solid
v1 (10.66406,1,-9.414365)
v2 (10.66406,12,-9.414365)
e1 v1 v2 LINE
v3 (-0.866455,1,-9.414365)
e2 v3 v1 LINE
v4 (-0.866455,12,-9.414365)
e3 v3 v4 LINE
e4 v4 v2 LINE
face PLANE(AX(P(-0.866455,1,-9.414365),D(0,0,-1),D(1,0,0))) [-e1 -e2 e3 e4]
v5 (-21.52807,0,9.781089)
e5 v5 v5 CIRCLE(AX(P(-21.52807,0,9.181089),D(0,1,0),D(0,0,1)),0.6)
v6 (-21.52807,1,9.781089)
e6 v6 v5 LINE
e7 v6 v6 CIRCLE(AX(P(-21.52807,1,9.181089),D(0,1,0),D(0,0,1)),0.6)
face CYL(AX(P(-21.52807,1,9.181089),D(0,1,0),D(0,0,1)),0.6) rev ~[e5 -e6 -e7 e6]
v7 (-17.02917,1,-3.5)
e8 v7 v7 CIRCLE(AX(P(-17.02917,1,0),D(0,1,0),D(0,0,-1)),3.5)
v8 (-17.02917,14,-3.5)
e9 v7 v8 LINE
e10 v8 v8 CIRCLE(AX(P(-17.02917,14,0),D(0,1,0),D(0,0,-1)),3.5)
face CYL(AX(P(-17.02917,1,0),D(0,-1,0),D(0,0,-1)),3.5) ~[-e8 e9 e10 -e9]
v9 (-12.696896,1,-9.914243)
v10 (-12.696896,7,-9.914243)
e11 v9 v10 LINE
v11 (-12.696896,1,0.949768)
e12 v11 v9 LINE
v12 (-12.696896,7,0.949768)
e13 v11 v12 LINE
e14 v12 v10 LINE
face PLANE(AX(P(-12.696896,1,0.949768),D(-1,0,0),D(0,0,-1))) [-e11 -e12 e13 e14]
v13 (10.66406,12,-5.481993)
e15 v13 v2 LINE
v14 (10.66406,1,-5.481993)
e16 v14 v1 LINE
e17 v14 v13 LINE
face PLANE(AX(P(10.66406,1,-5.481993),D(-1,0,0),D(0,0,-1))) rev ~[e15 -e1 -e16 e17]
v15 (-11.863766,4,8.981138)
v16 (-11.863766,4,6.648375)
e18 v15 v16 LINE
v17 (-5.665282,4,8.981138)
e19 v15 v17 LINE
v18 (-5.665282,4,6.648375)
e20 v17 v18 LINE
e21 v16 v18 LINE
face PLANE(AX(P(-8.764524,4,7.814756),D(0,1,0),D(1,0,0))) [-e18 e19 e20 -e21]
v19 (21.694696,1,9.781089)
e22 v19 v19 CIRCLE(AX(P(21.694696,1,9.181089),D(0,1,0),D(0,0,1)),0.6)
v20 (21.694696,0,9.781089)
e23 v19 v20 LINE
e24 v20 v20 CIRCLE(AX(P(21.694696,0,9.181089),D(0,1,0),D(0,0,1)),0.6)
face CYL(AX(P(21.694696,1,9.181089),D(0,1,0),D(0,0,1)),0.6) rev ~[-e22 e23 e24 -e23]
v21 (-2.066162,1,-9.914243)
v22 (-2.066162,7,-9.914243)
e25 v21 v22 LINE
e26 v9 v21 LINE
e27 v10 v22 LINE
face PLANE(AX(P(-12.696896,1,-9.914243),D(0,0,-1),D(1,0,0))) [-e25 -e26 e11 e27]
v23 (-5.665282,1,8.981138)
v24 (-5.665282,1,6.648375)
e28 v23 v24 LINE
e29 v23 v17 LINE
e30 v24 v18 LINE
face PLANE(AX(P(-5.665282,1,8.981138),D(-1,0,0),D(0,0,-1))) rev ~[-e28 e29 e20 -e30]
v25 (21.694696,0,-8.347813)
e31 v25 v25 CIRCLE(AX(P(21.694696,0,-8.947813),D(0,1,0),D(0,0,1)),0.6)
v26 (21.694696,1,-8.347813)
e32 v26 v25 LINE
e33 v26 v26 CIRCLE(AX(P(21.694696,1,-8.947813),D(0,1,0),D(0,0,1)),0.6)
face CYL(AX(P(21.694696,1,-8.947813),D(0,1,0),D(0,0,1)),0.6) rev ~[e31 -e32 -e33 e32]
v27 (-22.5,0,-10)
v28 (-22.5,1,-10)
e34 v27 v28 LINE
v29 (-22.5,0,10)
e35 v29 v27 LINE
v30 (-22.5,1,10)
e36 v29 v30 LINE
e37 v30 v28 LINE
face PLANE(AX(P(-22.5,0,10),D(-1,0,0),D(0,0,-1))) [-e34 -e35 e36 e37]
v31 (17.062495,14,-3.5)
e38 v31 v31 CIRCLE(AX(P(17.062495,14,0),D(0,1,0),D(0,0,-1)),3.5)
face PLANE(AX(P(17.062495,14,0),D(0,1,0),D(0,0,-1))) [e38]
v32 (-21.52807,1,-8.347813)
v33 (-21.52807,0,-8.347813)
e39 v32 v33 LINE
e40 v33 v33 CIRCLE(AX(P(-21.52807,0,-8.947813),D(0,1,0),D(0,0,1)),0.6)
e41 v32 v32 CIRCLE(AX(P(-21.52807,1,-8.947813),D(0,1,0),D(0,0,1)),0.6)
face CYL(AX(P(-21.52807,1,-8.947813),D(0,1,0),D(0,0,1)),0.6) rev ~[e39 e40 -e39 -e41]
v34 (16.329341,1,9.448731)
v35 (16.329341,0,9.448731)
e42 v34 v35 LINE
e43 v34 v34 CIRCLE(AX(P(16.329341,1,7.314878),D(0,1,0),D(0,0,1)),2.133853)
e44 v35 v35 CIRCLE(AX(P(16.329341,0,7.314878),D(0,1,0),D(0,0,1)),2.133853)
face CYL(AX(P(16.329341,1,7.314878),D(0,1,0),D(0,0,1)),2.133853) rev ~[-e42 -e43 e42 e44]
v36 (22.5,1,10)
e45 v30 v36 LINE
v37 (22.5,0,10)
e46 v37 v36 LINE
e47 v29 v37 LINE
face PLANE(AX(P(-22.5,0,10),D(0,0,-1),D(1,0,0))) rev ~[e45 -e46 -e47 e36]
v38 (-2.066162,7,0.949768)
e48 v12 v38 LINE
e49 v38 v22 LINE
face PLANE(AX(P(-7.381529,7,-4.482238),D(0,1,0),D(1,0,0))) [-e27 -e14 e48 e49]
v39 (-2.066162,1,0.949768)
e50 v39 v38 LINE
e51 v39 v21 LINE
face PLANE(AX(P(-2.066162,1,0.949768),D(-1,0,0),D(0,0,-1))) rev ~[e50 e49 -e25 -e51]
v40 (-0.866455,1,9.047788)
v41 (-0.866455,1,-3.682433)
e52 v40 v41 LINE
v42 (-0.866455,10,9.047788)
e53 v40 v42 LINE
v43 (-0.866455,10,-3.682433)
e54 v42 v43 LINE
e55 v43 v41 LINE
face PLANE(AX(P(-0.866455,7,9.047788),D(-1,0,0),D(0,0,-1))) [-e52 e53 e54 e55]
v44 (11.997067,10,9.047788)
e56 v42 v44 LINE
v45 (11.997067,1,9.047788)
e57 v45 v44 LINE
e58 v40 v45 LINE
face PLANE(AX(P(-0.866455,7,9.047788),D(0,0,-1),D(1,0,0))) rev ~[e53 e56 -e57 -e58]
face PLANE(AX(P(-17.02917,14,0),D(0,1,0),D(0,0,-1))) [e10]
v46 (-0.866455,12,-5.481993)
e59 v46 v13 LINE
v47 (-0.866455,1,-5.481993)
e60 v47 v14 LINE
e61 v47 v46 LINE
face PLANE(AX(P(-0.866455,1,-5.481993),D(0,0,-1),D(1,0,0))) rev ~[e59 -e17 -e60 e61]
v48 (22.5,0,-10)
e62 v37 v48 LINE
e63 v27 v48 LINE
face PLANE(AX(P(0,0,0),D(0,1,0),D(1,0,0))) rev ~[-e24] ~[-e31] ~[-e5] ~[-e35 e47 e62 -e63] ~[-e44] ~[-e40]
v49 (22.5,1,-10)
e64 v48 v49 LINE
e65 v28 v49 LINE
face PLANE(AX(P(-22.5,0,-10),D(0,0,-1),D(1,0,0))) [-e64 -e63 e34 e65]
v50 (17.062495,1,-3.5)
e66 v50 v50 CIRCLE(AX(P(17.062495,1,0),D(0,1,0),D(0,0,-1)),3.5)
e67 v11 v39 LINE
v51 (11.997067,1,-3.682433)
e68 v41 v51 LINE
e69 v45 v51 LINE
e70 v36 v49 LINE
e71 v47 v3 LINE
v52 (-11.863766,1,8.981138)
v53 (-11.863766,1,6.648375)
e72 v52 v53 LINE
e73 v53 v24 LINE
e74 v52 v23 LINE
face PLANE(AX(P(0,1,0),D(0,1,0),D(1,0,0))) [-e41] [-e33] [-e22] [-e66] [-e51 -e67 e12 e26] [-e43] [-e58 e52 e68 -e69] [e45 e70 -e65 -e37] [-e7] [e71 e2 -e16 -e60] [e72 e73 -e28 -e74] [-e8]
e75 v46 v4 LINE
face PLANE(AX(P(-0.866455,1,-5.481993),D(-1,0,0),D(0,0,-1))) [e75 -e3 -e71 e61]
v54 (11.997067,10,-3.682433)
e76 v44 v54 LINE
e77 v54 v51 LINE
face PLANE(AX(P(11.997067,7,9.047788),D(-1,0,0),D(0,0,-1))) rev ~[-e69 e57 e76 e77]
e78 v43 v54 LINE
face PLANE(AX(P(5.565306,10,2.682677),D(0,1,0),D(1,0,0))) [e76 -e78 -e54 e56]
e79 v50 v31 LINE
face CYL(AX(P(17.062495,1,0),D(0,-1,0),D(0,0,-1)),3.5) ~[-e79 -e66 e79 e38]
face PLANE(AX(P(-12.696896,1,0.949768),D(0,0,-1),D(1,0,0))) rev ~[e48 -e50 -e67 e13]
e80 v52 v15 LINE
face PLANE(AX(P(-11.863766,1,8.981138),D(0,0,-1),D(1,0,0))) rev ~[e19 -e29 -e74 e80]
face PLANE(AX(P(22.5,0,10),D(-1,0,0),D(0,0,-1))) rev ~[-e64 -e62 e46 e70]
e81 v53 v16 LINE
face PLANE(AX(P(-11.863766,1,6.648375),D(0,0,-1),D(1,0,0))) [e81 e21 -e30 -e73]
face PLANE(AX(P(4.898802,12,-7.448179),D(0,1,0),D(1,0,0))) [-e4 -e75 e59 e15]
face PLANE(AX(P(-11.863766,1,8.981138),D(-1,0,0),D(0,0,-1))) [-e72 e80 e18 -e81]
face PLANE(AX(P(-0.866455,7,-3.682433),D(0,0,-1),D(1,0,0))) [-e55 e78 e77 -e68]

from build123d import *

# Parameters (mm, degrees)
SKETCH1_W           = 45
SKETCH1_H           = 20
BOSS_EXTRUDE1_DEPTH = 1
SKETCH2_R           = 3.5
BOSS_EXTRUDE3_DEPTH = 13
SKETCH3_W           = 11.530514465
SKETCH3_H           = 3.932371985
BOSS_EXTRUDE4_DEPTH = 11
SKETCH4_W           = 10.630734434
SKETCH4_H           = 10.864010739
SKETCH4_W_2         = 12.863521917
SKETCH4_H_2         = 12.730221172
BOSS_EXTRUDE5_DEPTH = 6
SKETCH5_W           = 12.863521917
SKETCH5_H           = 12.730221172
BOSS_EXTRUDE6_DEPTH = 3
SKETCH6_W           = 6.198484655
SKETCH6_H           = 2.332763042
BOSS_EXTRUDE7_DEPTH = 3
SKETCH7_R           = 0.6
SKETCH7_R_2         = 2.133853082
CUT_EXTRUDE1_DEPTH  = 28.843311585


with BuildPart() as part:
    # Sketch1 → Boss-Extrude1 (new body)
    with BuildSketch(Plane(origin=(0, 0, 0), x_dir=(1, 0, 0), z_dir=(0, 1, 0))):
        Rectangle(SKETCH1_W, SKETCH1_H)
    extrude(amount=BOSS_EXTRUDE1_DEPTH)

    # Sketch2 → Boss-Extrude3 (add)
    with BuildSketch(Plane(origin=(0, 1, 0), x_dir=(1, 0, 0), z_dir=(0, 1, 0))):
        with Locations(Location((-17.029170207, 0, 0), (0, 0, 90))):
            Circle(SKETCH2_R)
        with Locations(Location((17.062495393, 0, 0), (0, 0, 90))):
            Circle(SKETCH2_R)
    extrude(amount=BOSS_EXTRUDE3_DEPTH)

    # Sketch3 → Boss-Extrude4 (add)
    with BuildSketch(Plane(origin=(0, 1, 0), x_dir=(1, 0, 0), z_dir=(0, 1, 0))):
        with Locations((4.898802389, 7.448179142)):
            Rectangle(SKETCH3_W, SKETCH3_H)
    extrude(amount=BOSS_EXTRUDE4_DEPTH)

    # Sketch4 → Boss-Extrude5 (add)
    with BuildSketch(Plane(origin=(0, 1, 0), x_dir=(1, 0, 0), z_dir=(0, 1, 0))):
        with Locations((-7.381528769, 4.482237559)):
            Rectangle(SKETCH4_W, SKETCH4_H)
        with Locations((5.565306115, -2.682677498)):
            Rectangle(SKETCH4_W_2, SKETCH4_H_2)
    extrude(amount=BOSS_EXTRUDE5_DEPTH)

    # Sketch5 → Boss-Extrude6 (add)
    with BuildSketch(Plane(origin=(0, 7, 0), x_dir=(1, 0, 0), z_dir=(0, 1, 0))):
        with Locations((5.565306115, -2.682677498)):
            Rectangle(SKETCH5_W, SKETCH5_H)
    extrude(amount=BOSS_EXTRUDE6_DEPTH)

    # Sketch6 → Boss-Extrude7 (add)
    with BuildSketch(Plane(origin=(0, 1, 0), x_dir=(1, 0, 0), z_dir=(0, 1, 0))):
        with Locations((-8.764524, -7.814756191)):
            Rectangle(SKETCH6_W, SKETCH6_H)
    extrude(amount=BOSS_EXTRUDE7_DEPTH)

    # Sketch7 → Cut-Extrude1 (cut, through all)
    with BuildSketch(Plane(origin=(0, 1, 0), x_dir=(1, 0, 0), z_dir=(0, 1, 0))):
        with Locations(Location((-21.528070359, 8.947812525, 0), (0, 0, 270))):
            Circle(SKETCH7_R)
        with Locations(Location((-21.528070359, -9.18108883, 0), (0, 0, 270))):
            Circle(SKETCH7_R)
        with Locations(Location((21.694696291, -9.18108883, 0), (0, 0, 270))):
            Circle(SKETCH7_R)
        with Locations(Location((21.694696291, 8.947812525, 0), (0, 0, 270))):
            Circle(SKETCH7_R)
        with Locations(Location((16.329341294, -7.314878396, 0), (0, 0, 270))):
            Circle(SKETCH7_R_2)
    extrude(amount=-CUT_EXTRUDE1_DEPTH, mode=Mode.SUBTRACT)


solid = part.part
